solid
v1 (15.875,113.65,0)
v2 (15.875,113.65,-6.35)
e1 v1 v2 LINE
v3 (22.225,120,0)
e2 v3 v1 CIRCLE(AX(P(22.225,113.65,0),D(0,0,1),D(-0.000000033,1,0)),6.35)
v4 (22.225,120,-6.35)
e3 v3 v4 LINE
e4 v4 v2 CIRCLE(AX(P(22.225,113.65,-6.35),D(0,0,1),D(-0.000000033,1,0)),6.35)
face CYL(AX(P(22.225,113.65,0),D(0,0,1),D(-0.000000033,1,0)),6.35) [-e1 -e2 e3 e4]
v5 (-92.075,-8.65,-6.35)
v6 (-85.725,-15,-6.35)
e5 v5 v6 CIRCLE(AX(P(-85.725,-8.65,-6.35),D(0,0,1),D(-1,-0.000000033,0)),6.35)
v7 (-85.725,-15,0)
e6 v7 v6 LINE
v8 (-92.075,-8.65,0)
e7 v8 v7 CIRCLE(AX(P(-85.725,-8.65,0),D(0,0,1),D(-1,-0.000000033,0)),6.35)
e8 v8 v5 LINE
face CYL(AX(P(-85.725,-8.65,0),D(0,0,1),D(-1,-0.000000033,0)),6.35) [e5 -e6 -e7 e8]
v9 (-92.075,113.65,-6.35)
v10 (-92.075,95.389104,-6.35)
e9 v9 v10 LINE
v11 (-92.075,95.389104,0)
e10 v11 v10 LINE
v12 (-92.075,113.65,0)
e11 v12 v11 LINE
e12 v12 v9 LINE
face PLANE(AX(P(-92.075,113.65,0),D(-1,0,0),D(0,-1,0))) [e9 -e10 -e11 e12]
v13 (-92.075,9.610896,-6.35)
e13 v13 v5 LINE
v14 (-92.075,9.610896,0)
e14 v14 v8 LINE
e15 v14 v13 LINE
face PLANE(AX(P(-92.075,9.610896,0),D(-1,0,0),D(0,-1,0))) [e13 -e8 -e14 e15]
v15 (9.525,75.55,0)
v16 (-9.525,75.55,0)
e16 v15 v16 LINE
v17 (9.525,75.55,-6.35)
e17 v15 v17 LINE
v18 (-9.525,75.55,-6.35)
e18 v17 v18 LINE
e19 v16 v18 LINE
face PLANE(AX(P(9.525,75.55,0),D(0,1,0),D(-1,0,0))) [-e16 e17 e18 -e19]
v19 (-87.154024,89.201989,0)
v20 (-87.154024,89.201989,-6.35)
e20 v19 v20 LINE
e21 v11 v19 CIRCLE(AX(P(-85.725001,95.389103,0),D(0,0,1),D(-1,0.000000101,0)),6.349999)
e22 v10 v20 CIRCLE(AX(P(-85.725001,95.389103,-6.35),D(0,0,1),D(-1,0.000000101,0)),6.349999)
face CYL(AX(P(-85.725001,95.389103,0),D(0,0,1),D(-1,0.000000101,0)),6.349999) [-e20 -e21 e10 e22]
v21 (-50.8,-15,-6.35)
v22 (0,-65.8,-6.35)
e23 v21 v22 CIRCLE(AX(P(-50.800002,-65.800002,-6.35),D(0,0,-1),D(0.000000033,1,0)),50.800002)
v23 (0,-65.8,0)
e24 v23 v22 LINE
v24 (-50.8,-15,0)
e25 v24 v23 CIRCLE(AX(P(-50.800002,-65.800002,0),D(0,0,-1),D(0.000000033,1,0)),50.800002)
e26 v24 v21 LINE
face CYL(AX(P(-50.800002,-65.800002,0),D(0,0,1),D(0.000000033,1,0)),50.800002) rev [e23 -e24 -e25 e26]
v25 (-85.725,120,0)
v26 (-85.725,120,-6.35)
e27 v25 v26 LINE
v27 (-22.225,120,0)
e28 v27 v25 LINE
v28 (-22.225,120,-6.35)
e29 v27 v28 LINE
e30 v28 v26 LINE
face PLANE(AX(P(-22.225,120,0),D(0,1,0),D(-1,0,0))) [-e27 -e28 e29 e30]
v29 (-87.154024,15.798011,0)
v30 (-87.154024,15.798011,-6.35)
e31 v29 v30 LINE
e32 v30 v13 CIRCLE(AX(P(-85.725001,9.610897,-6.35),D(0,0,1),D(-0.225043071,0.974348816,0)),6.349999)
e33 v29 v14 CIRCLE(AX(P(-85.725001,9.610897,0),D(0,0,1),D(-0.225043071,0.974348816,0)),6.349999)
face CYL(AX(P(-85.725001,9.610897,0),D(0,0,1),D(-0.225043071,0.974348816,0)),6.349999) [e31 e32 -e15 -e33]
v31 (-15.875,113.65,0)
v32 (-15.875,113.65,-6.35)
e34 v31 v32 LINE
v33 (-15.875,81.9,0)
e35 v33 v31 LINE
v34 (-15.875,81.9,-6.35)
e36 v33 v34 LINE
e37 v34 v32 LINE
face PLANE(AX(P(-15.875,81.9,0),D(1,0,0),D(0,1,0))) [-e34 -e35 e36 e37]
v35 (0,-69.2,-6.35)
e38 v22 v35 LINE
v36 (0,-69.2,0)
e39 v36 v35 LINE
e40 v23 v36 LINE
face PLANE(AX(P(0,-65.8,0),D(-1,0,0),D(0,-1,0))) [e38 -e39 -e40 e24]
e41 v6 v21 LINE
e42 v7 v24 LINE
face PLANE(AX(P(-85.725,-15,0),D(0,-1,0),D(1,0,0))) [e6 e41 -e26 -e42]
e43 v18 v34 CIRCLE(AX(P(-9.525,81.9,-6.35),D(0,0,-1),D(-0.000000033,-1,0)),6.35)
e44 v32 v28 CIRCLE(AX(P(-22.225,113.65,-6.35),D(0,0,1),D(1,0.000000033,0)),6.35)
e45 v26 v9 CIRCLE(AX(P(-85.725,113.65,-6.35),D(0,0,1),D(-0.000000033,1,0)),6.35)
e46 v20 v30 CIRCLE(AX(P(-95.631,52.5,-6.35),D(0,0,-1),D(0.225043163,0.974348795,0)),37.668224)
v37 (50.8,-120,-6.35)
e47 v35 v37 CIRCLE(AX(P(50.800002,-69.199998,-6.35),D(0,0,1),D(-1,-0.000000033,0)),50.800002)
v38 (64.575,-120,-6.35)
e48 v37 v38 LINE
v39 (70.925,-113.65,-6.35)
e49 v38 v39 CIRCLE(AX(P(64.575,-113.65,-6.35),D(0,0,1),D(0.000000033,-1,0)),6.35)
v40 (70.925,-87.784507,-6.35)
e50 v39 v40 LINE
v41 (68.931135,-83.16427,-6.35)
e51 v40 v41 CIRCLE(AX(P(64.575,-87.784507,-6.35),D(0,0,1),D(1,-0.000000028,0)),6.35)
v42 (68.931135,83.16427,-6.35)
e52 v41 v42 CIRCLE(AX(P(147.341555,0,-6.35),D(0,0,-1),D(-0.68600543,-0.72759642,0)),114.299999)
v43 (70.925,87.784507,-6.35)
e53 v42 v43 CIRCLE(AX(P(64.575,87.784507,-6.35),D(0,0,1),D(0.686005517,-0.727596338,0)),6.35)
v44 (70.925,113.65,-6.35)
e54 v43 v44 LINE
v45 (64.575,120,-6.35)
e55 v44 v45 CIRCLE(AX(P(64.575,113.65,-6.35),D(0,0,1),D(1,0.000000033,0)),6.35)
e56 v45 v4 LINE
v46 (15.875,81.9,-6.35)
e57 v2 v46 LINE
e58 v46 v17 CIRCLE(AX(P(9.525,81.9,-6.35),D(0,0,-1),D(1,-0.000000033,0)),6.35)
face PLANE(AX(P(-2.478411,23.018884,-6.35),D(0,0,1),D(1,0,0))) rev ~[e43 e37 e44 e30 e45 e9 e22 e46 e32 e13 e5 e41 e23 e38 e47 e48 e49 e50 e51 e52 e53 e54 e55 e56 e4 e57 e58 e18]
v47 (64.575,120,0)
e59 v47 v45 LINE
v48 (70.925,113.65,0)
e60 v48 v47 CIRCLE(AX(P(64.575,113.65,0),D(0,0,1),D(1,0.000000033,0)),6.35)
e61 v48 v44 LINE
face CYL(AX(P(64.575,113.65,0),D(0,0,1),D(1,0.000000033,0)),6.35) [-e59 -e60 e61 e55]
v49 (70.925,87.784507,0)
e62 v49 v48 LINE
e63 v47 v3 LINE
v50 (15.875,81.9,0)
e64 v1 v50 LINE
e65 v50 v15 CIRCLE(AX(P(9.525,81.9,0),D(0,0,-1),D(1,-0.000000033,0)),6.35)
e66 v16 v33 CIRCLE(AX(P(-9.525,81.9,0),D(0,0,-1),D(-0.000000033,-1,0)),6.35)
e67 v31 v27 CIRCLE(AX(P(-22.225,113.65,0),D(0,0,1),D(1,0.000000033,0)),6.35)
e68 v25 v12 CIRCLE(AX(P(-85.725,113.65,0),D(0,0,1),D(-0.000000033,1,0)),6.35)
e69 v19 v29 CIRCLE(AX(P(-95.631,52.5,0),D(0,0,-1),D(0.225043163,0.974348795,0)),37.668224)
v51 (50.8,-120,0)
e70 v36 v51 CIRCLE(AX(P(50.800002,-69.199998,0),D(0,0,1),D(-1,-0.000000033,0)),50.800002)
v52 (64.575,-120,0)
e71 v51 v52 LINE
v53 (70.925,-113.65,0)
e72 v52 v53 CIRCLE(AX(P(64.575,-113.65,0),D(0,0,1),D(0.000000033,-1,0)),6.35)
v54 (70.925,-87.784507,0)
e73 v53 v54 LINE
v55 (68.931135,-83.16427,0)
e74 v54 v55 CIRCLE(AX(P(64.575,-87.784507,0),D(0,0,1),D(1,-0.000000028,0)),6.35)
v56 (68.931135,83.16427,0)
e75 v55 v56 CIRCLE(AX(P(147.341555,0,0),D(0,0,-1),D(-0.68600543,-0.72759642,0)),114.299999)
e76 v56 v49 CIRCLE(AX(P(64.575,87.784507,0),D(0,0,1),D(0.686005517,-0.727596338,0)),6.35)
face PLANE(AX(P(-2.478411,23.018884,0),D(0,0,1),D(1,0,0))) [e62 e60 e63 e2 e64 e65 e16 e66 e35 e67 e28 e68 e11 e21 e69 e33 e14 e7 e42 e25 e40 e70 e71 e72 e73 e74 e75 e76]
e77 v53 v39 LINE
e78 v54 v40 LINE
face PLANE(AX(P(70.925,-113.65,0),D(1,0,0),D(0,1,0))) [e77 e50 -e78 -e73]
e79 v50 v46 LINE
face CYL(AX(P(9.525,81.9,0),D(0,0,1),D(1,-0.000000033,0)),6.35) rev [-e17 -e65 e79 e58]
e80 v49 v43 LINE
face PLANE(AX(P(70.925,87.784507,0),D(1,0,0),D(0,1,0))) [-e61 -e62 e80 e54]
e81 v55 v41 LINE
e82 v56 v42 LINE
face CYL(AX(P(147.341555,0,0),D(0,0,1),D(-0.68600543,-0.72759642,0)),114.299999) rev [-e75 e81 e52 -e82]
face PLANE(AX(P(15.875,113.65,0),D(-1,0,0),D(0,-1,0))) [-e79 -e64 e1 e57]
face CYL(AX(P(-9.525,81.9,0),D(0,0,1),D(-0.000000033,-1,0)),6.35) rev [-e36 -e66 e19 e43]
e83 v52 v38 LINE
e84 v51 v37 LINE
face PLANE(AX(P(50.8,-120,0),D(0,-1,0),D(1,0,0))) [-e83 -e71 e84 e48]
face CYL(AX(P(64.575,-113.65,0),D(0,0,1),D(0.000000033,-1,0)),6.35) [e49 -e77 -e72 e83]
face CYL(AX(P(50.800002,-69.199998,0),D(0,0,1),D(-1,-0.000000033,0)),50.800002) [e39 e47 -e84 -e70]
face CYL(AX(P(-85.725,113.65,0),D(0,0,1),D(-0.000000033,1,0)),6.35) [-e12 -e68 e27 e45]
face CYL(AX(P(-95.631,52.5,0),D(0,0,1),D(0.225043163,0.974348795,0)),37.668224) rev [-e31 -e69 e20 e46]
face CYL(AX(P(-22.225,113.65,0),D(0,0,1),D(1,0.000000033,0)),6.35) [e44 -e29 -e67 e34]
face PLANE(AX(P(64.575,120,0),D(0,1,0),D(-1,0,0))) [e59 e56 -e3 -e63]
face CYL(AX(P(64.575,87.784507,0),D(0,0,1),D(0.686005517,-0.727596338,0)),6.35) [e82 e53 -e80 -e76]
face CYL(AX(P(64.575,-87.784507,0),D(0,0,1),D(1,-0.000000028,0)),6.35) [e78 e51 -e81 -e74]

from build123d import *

# Parameters (mm, degrees)
F1_DEPTH = 6.35


with BuildPart() as f1:
    # F0 (on Top) → F1 (new body)
    with BuildSketch(Plane.XY):
        with BuildLine():
            ThreePointArc((-87.154024, 15.798011), (-90.694749, 13.563629), (-92.075, 9.610896))
            Line((-92.075, 9.610896), (-92.075, -8.65))
            ThreePointArc((-92.075, -8.65), (-90.215128, -13.140128), (-85.725, -15))
            Line((-85.725, -15), (-50.8, -15))
            ThreePointArc((-50.8, -15), (-14.878976, -29.878976), (0, -65.8))
            Line((0, -65.8), (0, -69.2))
            ThreePointArc((0, -69.2), (14.878976, -105.121024), (50.8, -120))
            Line((50.8, -120), (64.575, -120))
            ThreePointArc((64.575, -120), (69.065128, -118.140128), (70.925, -113.65))
            Line((70.925, -113.65), (70.925, -87.784507))
            ThreePointArc((70.925, -87.784507), (70.405264, -85.268454), (68.931135, -83.16427))
            ThreePointArc((68.931135, -83.16427), (33.041556, 0), (68.931135, 83.16427))
            ThreePointArc((68.931135, 83.16427), (70.405264, 85.268454), (70.925, 87.784507))
            Line((70.925, 87.784507), (70.925, 113.65))
            ThreePointArc((70.925, 113.65), (69.065128, 118.140128), (64.575, 120))
            Line((64.575, 120), (22.225, 120))
            ThreePointArc((22.225, 120), (17.734872, 118.140128), (15.875, 113.65))
            Line((15.875, 113.65), (15.875, 81.9))
            ThreePointArc((15.875, 81.9), (14.015128, 77.409872), (9.525, 75.55))
            Line((9.525, 75.55), (-9.525, 75.55))
            ThreePointArc((-9.525, 75.55), (-14.015128, 77.409872), (-15.875, 81.9))
            Line((-15.875, 81.9), (-15.875, 113.65))
            ThreePointArc((-15.875, 113.65), (-17.734872, 118.140128), (-22.225, 120))
            Line((-22.225, 120), (-85.725, 120))
            ThreePointArc((-85.725, 120), (-90.215128, 118.140128), (-92.075, 113.65))
            Line((-92.075, 113.65), (-92.075, 95.389104))
            ThreePointArc((-92.075, 95.389104), (-90.694749, 91.436371), (-87.154024, 89.201989))
            ThreePointArc((-87.154024, 89.201989), (-57.962776, 52.5), (-87.154024, 15.798011))
        make_face()
    extrude(amount=-F1_DEPTH)


solid = f1.part
